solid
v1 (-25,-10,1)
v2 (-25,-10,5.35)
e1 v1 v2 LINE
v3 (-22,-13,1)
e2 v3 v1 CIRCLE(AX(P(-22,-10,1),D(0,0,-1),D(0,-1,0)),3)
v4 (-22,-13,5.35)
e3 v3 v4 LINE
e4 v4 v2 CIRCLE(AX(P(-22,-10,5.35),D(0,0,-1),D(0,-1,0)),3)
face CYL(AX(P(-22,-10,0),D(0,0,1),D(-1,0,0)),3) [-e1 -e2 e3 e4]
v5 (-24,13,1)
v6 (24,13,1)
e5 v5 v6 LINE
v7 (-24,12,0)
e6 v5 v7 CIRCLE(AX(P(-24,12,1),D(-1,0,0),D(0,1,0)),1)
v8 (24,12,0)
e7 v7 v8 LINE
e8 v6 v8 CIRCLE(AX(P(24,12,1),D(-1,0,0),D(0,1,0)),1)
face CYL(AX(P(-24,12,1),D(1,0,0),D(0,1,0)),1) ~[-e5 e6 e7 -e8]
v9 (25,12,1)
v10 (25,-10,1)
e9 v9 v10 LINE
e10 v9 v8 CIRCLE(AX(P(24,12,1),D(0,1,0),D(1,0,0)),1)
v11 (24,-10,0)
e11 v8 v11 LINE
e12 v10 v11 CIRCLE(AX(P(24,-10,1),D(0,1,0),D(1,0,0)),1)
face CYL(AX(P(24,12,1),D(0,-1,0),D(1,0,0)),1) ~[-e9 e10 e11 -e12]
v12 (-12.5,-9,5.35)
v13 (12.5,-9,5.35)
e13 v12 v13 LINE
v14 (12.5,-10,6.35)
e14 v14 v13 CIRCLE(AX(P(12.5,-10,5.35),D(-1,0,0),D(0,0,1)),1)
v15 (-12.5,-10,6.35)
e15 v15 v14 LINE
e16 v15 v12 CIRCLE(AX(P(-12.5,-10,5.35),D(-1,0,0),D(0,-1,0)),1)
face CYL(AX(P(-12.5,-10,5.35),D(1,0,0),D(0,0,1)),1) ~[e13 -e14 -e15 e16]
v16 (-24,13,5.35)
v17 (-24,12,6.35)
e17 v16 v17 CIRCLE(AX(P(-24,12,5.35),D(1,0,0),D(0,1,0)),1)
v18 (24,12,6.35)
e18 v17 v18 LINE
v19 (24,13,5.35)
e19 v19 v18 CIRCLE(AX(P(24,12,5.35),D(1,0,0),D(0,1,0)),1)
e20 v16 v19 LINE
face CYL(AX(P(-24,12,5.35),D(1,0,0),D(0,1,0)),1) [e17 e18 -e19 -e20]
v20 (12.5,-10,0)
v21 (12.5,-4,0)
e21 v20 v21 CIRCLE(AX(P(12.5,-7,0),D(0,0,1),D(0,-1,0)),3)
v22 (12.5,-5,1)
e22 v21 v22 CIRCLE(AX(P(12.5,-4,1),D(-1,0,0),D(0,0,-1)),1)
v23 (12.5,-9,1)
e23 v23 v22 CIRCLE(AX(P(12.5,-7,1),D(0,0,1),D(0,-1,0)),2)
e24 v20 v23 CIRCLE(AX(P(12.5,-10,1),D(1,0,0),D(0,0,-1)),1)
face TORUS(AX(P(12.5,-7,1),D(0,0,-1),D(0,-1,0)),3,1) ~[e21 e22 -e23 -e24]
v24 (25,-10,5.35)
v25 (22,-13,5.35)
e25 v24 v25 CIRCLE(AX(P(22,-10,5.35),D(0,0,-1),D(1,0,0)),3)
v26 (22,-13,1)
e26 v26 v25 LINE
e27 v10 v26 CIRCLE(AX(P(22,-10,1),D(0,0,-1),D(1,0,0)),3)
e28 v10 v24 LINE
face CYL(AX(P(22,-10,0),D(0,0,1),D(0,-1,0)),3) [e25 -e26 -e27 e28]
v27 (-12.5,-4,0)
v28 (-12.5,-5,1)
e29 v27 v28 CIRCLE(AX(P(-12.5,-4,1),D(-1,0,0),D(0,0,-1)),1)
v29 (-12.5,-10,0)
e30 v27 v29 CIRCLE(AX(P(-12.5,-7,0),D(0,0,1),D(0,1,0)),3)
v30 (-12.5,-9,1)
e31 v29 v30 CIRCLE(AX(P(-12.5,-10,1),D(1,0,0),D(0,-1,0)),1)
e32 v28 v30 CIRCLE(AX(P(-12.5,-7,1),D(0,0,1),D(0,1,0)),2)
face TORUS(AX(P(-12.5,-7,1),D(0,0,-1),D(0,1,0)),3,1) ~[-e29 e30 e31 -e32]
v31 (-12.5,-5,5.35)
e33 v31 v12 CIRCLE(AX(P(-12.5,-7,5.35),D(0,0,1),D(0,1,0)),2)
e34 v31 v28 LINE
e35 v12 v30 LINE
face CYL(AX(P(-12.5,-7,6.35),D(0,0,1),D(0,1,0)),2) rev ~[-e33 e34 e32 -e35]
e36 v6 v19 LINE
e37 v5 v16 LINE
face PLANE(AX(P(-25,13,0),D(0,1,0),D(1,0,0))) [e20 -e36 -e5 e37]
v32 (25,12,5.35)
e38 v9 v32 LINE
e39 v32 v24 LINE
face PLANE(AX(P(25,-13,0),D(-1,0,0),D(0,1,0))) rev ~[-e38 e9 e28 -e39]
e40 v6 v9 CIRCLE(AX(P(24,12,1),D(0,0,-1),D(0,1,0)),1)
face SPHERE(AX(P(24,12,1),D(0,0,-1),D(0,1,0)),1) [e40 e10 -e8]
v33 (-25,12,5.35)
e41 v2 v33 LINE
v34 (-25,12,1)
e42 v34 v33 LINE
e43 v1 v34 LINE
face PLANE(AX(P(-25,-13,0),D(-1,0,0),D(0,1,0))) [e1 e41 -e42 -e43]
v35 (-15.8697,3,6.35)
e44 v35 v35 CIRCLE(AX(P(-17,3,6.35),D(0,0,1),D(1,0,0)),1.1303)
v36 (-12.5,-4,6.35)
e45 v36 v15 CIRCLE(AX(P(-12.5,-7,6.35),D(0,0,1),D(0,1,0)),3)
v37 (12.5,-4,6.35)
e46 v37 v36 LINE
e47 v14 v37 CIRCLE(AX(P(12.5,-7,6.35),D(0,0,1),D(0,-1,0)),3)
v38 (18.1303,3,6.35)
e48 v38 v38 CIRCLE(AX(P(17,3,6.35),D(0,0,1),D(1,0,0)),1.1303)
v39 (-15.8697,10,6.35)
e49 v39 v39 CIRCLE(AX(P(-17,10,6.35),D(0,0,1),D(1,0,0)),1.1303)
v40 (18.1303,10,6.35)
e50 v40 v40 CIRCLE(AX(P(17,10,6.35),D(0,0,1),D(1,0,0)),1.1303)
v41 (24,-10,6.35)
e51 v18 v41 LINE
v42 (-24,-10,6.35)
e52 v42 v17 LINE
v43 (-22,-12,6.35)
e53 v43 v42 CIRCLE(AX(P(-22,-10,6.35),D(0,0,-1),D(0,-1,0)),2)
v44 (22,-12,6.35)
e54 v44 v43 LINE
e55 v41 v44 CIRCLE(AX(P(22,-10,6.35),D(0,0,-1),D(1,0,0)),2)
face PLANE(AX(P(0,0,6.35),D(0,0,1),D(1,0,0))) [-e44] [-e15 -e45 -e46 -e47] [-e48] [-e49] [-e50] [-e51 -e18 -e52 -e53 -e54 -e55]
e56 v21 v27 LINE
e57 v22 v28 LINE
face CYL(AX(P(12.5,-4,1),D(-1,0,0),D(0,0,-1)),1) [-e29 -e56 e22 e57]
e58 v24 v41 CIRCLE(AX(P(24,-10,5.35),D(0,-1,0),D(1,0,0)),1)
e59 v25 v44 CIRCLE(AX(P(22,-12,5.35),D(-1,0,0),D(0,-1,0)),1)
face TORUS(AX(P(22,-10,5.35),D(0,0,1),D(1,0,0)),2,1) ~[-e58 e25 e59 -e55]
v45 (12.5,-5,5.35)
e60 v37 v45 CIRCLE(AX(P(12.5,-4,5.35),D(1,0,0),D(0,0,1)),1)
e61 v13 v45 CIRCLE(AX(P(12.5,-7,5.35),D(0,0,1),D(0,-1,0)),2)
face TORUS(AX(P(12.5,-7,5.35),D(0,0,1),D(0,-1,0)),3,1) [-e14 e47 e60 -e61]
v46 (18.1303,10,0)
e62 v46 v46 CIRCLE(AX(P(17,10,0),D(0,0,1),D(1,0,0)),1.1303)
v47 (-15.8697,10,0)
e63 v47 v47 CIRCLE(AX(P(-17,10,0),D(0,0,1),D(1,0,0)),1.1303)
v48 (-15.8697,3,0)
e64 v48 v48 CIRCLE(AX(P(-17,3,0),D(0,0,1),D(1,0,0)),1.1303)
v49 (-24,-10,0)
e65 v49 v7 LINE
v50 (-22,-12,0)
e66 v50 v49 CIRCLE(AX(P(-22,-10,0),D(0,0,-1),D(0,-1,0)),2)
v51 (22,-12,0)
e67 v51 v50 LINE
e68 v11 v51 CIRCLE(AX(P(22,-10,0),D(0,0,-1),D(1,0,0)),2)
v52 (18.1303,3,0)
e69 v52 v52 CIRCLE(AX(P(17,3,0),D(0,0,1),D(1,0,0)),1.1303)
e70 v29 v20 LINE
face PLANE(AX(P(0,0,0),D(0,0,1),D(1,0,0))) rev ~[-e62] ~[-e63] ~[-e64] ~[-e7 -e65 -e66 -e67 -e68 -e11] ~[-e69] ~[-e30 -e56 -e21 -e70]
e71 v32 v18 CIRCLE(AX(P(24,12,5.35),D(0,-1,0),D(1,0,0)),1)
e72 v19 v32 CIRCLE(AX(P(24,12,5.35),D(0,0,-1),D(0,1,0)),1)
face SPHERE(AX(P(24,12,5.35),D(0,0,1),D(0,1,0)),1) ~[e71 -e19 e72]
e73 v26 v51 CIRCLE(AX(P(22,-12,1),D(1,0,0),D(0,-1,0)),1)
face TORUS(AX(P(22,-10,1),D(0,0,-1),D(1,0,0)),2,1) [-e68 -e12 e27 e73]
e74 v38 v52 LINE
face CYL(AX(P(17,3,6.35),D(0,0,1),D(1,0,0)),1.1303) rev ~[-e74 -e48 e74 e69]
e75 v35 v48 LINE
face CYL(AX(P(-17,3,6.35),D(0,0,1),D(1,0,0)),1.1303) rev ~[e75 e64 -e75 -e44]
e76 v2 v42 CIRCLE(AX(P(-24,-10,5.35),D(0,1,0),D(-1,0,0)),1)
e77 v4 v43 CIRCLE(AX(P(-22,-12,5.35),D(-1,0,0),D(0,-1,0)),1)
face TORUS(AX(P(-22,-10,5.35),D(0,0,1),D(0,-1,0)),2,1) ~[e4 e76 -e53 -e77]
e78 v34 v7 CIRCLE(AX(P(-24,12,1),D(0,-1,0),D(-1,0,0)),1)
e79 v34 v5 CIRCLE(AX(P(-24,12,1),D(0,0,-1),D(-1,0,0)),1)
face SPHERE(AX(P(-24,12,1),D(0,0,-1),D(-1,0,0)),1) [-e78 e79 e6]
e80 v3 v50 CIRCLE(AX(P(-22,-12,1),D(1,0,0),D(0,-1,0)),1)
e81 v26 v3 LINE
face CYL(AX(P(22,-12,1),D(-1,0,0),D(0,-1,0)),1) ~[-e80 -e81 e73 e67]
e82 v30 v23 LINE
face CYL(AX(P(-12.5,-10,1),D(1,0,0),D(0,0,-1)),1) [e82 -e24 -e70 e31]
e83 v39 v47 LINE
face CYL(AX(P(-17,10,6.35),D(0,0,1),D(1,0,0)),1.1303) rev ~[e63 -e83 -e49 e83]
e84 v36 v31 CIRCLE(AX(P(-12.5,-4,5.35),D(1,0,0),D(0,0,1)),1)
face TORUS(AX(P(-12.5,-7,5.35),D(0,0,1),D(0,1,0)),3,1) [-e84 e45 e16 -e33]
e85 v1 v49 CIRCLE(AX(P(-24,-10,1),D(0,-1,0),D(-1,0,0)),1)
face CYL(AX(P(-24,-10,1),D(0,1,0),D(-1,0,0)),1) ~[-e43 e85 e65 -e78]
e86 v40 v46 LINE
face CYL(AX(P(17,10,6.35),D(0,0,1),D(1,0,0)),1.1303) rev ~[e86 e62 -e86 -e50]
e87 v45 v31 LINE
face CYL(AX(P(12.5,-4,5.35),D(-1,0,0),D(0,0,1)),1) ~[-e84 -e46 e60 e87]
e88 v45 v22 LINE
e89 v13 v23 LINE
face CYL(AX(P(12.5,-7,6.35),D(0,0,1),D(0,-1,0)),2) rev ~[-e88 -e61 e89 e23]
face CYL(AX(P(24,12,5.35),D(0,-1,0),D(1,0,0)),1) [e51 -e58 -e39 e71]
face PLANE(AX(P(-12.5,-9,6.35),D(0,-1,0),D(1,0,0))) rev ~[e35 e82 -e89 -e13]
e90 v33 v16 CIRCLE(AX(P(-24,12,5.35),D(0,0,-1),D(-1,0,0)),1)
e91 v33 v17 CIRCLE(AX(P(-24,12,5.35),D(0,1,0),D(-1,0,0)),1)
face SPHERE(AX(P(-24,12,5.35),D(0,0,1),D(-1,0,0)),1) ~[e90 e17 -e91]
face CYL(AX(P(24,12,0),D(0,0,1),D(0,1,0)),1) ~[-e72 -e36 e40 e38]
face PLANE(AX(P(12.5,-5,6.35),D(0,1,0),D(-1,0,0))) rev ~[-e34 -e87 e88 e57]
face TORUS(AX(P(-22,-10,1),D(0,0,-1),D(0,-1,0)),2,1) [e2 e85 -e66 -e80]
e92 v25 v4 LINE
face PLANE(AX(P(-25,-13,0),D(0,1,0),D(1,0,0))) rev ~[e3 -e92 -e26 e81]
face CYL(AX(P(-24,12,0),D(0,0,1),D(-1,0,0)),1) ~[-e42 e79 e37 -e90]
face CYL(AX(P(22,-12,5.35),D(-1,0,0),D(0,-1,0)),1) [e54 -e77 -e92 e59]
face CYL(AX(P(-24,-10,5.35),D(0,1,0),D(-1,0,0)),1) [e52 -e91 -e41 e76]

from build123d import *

# Parameters (mm, degrees)
F0_W     = 50
F0_H     = 26
F1_DEPTH = 6.35
F2_R     = 1.1303
F3_DEPTH = 6.351
F5_DEPTH = 6.351
F6_R     = 1
F7_R     = 3
F8_R     = 1


with BuildPart() as f1:
    # F0 (on Top) → F1 (new body)
    with BuildSketch(Plane.XY):
        Rectangle(F0_W, F0_H)
    extrude(amount=F1_DEPTH)

    # F2 (on face) → F3 (cut, through all)
    with BuildSketch(Plane.XY.offset(6.35)):
        with Locations((-17, 10)):
            Circle(F2_R)
        with Locations((-17, 3)):
            Circle(F2_R)
        with Locations((17, 3)):
            Circle(F2_R)
        with Locations((17, 10)):
            Circle(F2_R)
    extrude(amount=-F3_DEPTH, mode=Mode.SUBTRACT)

    # F4 (on face) → F5 (cut, through all)
    with BuildSketch(Plane.XY.offset(6.35)):
        with BuildLine():
            Line((12.5, -5), (-12.5, -5))
            ThreePointArc((-12.5, -5), (-14.5, -7), (-12.5, -9))
            Line((-12.5, -9), (12.5, -9))
            ThreePointArc((12.5, -9), (14.5, -7), (12.5, -5))
        make_face()
    extrude(amount=-F5_DEPTH, mode=Mode.SUBTRACT)

    # F6
    f6_edges = [f1.edges().sort_by_distance(p)[0] for p in [
        (-25, 13, 3.175),
        (25, 13, 3.175),
        (0, -5, 6.35),
        (0, -5, 0),
    ]]
    fillet(f6_edges, radius=F6_R)

    # F7
    f7_edges = [f1.edges().sort_by_distance(p)[0] for p in [
        (-25, -13, 3.175),
        (25, -13, 3.175),
    ]]
    fillet(f7_edges, radius=F7_R)

    # F8
    f8_edges = [f1.edges().sort_by_distance(p)[0] for p in [
        (-25, 1, 6.35),
        (-25, 1, 0),
    ]]
    fillet(f8_edges, radius=F8_R)


solid = f1.part
